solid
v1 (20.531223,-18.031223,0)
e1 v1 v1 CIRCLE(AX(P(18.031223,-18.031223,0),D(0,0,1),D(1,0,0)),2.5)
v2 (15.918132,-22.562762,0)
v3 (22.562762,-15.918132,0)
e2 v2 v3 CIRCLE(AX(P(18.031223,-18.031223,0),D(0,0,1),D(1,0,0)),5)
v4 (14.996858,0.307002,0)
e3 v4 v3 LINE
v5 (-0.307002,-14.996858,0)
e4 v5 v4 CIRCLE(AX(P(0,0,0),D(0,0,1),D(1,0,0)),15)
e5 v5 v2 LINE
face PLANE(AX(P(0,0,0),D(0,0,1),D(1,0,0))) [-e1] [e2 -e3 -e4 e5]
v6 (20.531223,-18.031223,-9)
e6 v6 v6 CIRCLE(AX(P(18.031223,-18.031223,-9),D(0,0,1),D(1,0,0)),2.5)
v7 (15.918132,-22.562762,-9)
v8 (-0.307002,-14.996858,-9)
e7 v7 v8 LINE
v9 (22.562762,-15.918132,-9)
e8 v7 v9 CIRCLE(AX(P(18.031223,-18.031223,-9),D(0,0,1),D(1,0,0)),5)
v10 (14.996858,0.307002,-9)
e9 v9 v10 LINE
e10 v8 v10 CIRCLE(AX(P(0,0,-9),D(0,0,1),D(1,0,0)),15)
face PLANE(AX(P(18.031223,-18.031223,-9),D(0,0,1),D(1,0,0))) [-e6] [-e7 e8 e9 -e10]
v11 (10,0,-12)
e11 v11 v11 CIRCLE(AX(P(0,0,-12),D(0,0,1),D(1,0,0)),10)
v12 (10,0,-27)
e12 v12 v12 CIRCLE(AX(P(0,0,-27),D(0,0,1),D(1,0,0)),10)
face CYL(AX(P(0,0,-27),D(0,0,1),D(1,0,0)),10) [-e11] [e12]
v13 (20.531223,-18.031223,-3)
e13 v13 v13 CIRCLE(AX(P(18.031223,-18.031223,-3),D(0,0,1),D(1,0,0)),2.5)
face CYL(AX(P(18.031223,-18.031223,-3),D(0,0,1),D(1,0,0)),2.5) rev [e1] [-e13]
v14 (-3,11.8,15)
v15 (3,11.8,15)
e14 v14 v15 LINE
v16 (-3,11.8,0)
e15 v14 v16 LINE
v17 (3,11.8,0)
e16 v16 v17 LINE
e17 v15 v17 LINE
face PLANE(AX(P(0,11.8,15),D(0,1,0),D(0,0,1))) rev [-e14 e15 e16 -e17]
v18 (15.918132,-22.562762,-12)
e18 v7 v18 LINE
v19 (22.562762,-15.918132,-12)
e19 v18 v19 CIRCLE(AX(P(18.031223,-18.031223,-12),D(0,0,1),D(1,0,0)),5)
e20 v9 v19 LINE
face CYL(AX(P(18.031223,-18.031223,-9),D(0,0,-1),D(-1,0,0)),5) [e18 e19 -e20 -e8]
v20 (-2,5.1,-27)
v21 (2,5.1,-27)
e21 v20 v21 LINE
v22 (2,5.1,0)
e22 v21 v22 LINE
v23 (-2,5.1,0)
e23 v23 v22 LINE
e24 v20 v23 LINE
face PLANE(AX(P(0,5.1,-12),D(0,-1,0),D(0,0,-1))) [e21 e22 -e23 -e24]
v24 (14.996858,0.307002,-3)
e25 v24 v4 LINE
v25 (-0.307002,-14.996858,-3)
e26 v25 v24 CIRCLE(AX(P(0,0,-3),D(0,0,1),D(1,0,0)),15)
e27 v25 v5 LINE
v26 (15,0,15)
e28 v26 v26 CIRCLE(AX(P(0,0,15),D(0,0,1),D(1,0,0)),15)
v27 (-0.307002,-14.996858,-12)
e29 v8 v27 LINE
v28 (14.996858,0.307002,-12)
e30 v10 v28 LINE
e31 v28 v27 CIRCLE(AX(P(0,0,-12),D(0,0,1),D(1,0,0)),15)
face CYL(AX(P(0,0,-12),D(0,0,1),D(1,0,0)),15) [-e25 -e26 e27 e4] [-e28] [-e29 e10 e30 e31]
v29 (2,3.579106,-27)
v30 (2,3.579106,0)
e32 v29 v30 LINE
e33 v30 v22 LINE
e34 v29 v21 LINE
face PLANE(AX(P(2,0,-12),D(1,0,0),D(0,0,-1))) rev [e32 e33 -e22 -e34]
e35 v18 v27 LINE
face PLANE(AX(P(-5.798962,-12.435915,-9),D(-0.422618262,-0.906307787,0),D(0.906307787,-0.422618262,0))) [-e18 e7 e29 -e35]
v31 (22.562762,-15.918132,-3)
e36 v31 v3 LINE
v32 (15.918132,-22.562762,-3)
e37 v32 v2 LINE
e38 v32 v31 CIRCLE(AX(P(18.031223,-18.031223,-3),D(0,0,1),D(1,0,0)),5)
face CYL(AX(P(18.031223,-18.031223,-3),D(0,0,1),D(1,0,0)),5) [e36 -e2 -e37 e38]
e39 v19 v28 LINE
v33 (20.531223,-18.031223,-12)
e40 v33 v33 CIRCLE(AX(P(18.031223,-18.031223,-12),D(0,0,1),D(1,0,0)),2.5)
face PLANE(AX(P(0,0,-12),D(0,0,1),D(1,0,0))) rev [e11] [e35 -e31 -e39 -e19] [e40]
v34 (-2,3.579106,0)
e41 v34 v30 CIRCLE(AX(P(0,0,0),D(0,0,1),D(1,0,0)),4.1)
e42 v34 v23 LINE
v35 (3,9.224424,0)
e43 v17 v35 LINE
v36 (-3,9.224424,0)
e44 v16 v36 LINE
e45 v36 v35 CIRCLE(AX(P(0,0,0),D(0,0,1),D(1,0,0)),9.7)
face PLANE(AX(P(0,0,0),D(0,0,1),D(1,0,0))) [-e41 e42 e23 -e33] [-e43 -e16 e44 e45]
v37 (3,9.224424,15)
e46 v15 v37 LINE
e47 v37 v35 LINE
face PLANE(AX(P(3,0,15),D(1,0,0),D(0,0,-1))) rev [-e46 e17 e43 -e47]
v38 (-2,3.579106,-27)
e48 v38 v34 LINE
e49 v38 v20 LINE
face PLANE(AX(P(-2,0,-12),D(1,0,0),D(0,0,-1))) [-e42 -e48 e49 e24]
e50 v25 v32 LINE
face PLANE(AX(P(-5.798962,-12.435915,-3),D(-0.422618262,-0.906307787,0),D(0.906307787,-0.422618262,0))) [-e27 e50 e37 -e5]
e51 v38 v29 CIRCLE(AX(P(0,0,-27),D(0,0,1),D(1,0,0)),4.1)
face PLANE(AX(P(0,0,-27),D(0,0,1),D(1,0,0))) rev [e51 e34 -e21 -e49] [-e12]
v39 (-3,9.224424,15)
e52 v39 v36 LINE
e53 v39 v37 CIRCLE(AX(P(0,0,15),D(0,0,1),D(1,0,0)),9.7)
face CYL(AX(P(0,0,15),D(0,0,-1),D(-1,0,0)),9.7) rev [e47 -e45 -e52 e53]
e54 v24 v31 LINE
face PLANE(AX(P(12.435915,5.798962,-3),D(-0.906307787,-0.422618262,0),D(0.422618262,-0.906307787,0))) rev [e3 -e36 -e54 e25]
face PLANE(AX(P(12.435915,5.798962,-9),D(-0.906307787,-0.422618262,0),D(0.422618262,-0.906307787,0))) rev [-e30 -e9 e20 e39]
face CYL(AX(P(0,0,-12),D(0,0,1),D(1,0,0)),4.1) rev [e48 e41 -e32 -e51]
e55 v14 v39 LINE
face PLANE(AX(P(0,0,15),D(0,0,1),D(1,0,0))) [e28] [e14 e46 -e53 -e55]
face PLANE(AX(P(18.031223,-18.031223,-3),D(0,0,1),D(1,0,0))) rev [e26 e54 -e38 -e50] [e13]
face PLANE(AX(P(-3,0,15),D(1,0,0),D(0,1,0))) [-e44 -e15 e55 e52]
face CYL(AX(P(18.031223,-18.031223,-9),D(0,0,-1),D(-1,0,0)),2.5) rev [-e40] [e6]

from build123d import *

# Parameters (mm, degrees)
BOSS_EXTRUDE4_DEPTH = 12
SKETCH3_4_R         = 5
SKETCH3_4_R_2       = 2.5
BOSS_EXTRUDE5_DEPTH = 3
BOSS_EXTRUDE6_START = -9
SKETCH3_5_R         = 5
SKETCH3_5_R_2       = 2.5
BOSS_EXTRUDE6_DEPTH = 3
BOSS_EXTRUDE7_START = -12
SKETCH2_R           = 10
BOSS_EXTRUDE7_DEPTH = 15
BOSS_EXTRUDE8_START = 15
SKETCH5_R           = 15
BOSS_EXTRUDE8_DEPTH = 15


with BuildPart() as part:
    # Sketch3 → Boss-Extrude4 (new body)
    with BuildSketch(Plane.XY):
        with BuildLine():
            ThreePointArc((15, 0), (14.999214481, 0.153508816), (14.996858006, 0.307001554))
            ThreePointArc((14.996858006, 0.307001554), (-10.606601718, 10.606601718), (-0.307001554, -14.996858006))
            ThreePointArc((-0.307001554, -14.996858006), (10.497499147, -10.714593397), (15, 0))
        make_face()
        with BuildLine():
            ThreePointArc((4.1, 0), (-2.074849392, -3.536240942), (-2, 3.579106034))
            Line((-2, 3.579106034), (-2, 5.1))
            Line((-2, 5.1), (2, 5.1))
            Line((2, 5.1), (2, 3.579106034))
            ThreePointArc((2, 3.579106034), (3.536240942, 2.074849392), (4.1, 0))
        make_face(mode=Mode.SUBTRACT)
    extrude(amount=-BOSS_EXTRUDE4_DEPTH)

    # Sketch3<4> → Boss-Extrude5 (add)
    # profile 1 of 2: a face of its own
    with BuildSketch(Plane.XY):
        with BuildLine():
            ThreePointArc((15.918131612, -22.562761855), (14.495689014, -14.495689014), (22.562761855, -15.918131612))
            Line((22.562761855, -15.918131612), (14.996858006, 0.307001554))
            ThreePointArc((14.996858006, 0.307001554), (14.999214481, 0.153508816), (15, 0))
            ThreePointArc((15, 0), (10.497499147, -10.714593397), (-0.307001554, -14.996858006))
            Line((-0.307001554, -14.996858006), (15.918131612, -22.562761855))
        make_face()
    # profile 2 of 2: a face of its own
    with BuildSketch(Plane.XY):
        with Locations((18.03122292, -18.03122292)):
            Circle(SKETCH3_4_R)
        with Locations((18.03122292, -18.03122292)):
            Circle(SKETCH3_4_R_2, mode=Mode.SUBTRACT)
    extrude(amount=-BOSS_EXTRUDE5_DEPTH)

    # Sketch3<5> → Boss-Extrude6 (add)
    # profile 1 of 2: a face of its own
    with BuildSketch(Plane.XY.offset(BOSS_EXTRUDE6_START)):
        with BuildLine():
            ThreePointArc((15.918131612, -22.562761855), (14.495689014, -14.495689014), (22.562761855, -15.918131612))
            Line((22.562761855, -15.918131612), (14.996858006, 0.307001554))
            ThreePointArc((14.996858006, 0.307001554), (14.999214481, 0.153508816), (15, 0))
            ThreePointArc((15, 0), (10.497499147, -10.714593397), (-0.307001554, -14.996858006))
            Line((-0.307001554, -14.996858006), (15.918131612, -22.562761855))
        make_face()
    # profile 2 of 2: a face of its own
    with BuildSketch(Plane.XY.offset(BOSS_EXTRUDE6_START)):
        with Locations((18.03122292, -18.03122292)):
            Circle(SKETCH3_5_R)
        with Locations((18.03122292, -18.03122292)):
            Circle(SKETCH3_5_R_2, mode=Mode.SUBTRACT)
    extrude(amount=-BOSS_EXTRUDE6_DEPTH)

    # Sketch2 → Boss-Extrude7 (add)
    with BuildSketch(Plane.XY.offset(BOSS_EXTRUDE7_START)):
        Circle(SKETCH2_R)
        with BuildLine():
            ThreePointArc((4.1, 0), (-2.074849392, -3.536240942), (-2, 3.579106034))
            Line((-2, 3.579106034), (-2, 5.1))
            Line((-2, 5.1), (2, 5.1))
            Line((2, 5.1), (2, 3.579106034))
            ThreePointArc((2, 3.579106034), (3.536240942, 2.074849392), (4.1, 0))
        make_face(mode=Mode.SUBTRACT)
    extrude(amount=-BOSS_EXTRUDE7_DEPTH)

    # Sketch5 → Boss-Extrude8 (add)
    with BuildSketch(Plane.XY.offset(BOSS_EXTRUDE8_START)):
        Circle(SKETCH5_R)
        with BuildLine():
            Line((-3, 9.224424101), (-3, 11.8))
            Line((-3, 11.8), (3, 11.8))
            Line((3, 11.8), (3, 9.224424101))
            ThreePointArc((3, 9.224424101), (7.848248212, 5.70043858), (9.7, 0))
            ThreePointArc((9.7, 0), (-5.70043858, -7.848248212), (-3, 9.224424101))
        make_face(mode=Mode.SUBTRACT)
    extrude(amount=-BOSS_EXTRUDE8_DEPTH)


solid = part.part
